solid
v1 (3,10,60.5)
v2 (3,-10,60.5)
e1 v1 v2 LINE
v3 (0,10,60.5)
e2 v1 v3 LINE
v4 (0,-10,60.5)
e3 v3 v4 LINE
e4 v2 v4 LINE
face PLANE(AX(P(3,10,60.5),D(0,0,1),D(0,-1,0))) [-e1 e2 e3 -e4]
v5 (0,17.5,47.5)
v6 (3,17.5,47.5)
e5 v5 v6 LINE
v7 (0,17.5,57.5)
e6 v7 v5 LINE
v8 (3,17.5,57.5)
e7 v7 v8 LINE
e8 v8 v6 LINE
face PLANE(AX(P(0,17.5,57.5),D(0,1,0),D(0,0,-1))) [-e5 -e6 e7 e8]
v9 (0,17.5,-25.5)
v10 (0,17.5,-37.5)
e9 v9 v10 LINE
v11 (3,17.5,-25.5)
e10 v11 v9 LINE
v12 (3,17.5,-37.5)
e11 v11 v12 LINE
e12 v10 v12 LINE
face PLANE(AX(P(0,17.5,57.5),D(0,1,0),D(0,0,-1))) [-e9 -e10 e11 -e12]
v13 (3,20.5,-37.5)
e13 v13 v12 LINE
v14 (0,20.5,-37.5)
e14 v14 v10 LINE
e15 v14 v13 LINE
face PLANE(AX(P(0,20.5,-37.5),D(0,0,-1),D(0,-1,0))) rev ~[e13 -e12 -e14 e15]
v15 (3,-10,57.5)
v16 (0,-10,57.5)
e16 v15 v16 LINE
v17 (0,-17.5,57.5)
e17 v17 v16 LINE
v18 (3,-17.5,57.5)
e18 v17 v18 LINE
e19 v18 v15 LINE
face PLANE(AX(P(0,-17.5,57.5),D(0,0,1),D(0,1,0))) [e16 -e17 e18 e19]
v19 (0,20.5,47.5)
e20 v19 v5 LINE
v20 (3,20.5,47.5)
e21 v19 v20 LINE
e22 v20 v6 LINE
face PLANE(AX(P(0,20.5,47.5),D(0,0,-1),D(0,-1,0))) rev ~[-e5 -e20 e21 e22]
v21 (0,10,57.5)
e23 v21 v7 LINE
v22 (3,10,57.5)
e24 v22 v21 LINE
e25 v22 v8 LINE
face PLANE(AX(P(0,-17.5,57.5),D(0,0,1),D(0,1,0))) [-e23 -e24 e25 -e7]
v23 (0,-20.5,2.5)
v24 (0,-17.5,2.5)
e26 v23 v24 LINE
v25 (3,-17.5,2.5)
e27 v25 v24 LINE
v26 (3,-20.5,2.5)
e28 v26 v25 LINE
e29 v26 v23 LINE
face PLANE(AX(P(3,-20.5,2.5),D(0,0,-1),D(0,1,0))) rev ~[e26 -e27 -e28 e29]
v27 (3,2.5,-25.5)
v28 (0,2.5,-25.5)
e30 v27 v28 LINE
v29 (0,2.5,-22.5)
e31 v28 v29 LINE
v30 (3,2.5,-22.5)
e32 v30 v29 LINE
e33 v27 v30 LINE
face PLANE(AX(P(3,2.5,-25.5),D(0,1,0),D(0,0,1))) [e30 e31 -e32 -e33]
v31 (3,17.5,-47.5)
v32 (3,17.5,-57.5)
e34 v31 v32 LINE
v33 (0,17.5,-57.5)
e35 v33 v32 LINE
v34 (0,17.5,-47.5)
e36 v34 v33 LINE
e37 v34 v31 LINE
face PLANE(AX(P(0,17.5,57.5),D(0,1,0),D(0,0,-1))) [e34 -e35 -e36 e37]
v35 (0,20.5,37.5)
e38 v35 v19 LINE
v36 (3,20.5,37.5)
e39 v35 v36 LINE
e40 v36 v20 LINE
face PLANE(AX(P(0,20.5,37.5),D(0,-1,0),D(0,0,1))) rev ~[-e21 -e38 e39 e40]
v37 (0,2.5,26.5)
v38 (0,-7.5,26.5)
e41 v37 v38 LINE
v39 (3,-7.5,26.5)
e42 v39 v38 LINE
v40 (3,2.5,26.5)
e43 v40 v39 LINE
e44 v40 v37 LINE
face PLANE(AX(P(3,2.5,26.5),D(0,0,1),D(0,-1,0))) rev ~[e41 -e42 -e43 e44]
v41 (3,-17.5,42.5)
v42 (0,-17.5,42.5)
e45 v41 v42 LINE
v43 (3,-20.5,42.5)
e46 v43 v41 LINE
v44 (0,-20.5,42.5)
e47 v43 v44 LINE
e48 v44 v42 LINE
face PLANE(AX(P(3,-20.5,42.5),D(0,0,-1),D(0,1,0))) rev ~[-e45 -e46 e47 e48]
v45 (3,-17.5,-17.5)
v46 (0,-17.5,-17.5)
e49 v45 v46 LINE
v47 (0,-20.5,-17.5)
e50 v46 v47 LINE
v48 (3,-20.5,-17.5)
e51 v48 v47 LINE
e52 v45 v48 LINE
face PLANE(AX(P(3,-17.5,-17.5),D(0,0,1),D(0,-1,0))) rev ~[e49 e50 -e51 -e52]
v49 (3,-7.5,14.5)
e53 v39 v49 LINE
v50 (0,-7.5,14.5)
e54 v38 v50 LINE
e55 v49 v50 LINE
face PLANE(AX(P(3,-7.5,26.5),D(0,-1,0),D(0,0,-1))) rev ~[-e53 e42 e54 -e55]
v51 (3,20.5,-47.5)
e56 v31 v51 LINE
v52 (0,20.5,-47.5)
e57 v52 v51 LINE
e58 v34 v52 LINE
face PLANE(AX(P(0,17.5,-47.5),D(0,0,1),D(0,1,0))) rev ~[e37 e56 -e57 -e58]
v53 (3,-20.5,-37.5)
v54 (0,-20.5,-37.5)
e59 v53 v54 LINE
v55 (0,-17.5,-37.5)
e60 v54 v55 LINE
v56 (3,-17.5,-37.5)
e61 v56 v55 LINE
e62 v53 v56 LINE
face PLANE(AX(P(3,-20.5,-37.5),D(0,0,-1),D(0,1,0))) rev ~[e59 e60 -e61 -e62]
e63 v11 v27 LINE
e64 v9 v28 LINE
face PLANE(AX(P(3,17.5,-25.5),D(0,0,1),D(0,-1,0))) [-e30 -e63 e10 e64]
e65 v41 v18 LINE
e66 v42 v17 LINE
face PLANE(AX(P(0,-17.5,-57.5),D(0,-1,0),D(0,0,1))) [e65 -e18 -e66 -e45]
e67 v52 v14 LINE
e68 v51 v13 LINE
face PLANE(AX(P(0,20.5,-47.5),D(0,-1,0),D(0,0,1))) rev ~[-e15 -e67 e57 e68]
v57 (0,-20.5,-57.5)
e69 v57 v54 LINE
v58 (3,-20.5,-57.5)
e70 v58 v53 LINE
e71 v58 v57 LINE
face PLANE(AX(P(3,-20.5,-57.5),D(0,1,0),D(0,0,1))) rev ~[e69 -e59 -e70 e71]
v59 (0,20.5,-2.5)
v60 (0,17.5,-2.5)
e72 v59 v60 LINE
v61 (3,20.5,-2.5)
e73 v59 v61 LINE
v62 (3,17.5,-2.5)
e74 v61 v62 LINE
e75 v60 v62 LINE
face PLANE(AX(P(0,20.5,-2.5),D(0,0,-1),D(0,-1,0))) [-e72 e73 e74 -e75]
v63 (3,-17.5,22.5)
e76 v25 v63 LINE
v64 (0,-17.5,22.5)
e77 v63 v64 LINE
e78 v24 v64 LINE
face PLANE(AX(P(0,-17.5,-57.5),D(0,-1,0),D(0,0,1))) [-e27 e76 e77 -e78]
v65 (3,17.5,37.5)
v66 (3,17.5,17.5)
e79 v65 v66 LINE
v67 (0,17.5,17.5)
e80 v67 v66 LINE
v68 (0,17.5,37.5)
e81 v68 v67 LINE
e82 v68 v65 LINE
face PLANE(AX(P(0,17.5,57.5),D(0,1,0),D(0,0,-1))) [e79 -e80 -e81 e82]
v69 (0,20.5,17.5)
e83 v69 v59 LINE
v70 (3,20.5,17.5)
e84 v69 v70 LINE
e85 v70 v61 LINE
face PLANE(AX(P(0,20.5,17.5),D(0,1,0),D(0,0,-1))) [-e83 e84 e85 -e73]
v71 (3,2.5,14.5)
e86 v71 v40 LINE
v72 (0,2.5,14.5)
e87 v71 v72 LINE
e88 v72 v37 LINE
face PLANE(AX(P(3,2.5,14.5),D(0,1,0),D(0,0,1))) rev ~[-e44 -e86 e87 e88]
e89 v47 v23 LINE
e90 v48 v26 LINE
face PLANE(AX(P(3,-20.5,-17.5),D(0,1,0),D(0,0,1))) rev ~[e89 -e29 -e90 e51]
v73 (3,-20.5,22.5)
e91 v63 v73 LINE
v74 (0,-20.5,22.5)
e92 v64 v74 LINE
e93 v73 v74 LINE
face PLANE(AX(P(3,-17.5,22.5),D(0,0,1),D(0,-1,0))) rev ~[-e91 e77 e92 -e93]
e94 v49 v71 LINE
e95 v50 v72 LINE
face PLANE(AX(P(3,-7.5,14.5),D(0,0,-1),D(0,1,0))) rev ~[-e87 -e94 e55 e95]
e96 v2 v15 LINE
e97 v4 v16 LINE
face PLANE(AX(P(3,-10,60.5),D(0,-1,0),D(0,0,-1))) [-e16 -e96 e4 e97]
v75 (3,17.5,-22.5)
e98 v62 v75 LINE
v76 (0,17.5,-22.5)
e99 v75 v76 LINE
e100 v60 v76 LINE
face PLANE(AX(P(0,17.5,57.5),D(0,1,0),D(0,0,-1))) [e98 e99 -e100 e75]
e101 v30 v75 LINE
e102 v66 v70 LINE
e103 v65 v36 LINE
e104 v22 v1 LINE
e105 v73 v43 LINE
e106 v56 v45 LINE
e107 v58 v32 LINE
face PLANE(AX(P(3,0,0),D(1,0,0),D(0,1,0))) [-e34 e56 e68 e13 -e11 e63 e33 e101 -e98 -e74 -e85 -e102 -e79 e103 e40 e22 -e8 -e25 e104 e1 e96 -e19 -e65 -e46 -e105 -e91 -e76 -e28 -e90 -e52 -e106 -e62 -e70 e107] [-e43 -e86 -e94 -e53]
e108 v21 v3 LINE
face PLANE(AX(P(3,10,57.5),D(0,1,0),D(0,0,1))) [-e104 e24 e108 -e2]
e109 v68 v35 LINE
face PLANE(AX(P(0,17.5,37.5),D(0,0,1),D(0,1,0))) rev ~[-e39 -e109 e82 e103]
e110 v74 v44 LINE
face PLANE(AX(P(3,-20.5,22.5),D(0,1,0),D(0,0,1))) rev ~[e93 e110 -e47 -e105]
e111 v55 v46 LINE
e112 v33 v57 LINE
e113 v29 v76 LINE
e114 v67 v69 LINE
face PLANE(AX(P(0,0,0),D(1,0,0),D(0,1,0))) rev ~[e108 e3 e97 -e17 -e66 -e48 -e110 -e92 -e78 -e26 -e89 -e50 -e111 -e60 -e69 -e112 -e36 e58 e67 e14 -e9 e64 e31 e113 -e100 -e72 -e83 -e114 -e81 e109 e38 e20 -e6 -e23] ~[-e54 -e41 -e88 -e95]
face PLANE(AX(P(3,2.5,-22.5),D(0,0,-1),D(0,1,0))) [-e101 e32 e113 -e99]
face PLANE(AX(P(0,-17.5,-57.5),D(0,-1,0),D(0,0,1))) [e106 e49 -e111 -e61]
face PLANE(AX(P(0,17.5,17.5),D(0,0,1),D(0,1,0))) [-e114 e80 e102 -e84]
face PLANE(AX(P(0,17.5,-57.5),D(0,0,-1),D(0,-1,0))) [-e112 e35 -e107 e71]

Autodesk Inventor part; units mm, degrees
ref_plane "YZ Plane" through (0, 0, 0) normal (1, 0, 0) x (0, 1, 0)
ref_plane "XZ Plane" through (0, 0, 0) normal (0, 1, 0) x (-1, 0, 0)
ref_plane "XY Plane" through (0, 0, 0) normal (0, 0, 1) x (1, 0, 0)
sketch "Sketch1" plane through (0, 0, 0) normal (1, 0, 0) x (0, 1, 0)
  line L0 (-17.5, 57.5) -> (17.5, 57.5)
  line L1 (17.5, 57.5) -> (17.5, -57.5)
  line L2 (17.5, -57.5) -> (-17.5, -57.5)
  line L3 (-17.5, -57.5) -> (-17.5, 57.5)
  line L4 (-17.5, 57.5) -> (17.5, -57.5) construction
  line L5 (17.5, 57.5) -> (-17.5, -57.5) construction
  point P0 (0, 0)
  dimension "d0" = 35
  dimension "d1" = 115
extrude "Extrusion1" add sketch "Sketch1" along normal blind 3
sketch "Sketch2" plane through (3, 0, 0) normal (1, 0, 0) x (0, 0, -1)
  line L0 (-57.5, -17.5) -> (57.5, -17.5) projected
  line L1 (-42.5, -17.5) -> (-22.5, -17.5)
  line L2 (-22.5, -17.5) -> (-22.5, -20.5)
  line L3 (-22.5, -20.5) -> (-42.5, -20.5)
  line L4 (-42.5, -20.5) -> (-42.5, -17.5)
  line L5 (-57.5, 17.5) -> (-57.5, -17.5) projected
  line L6 (-2.5, -17.5) -> (17.5, -17.5)
  line L7 (17.5, -17.5) -> (17.5, -20.5)
  line L8 (17.5, -20.5) -> (-2.5, -20.5)
  line L9 (-2.5, -20.5) -> (-2.5, -17.5)
  line L10 (37.5, -17.5) -> (57.5, -17.5)
  line L11 (57.5, -17.5) -> (57.5, -20.5)
  line L12 (57.5, -20.5) -> (37.5, -20.5)
  line L13 (37.5, -20.5) -> (37.5, -17.5)
  point P0 (0, 0)
  dimension "d4" = 20
  dimension "d5" = 3
  dimension "d6" = 15
  dimension "d7" = 20
  dimension "d8" = 3
  dimension "d9" = 20
  dimension "d10" = 20
  dimension "d11" = 3
  dimension "d12" = 20
extrude "Extrusion2" add sketch "Sketch2" against normal blind 3
sketch "Sketch3" plane through (3, 0, 0) normal (1, 0, 0) x (0, 0, -1)
  line L0 (-57.5, -17.5) -> (-57.5, 17.5) projected
  line L1 (-57.5, 10) -> (-60.5, 10)
  line L2 (-60.5, 10) -> (-60.5, -10)
  line L3 (-60.5, -10) -> (-57.5, -10)
  line L4 (-57.5, -10) -> (-57.5, 10)
  point P0 (0, 0)
  point P1 (-60.5, 0)
  dimension "d15" = 3
  dimension "d16" = 20
extrude "Extrusion3" add sketch "Sketch3" against normal blind 3
sketch "Sketch4" plane through (3, 0, 0) normal (1, 0, 0) x (0, 0, -1)
  line L0 (-26.5, -7.5) -> (-14.5, -7.5)
  line L1 (-14.5, -7.5) -> (-14.5, 2.5)
  line L2 (-14.5, 2.5) -> (-26.5, 2.5)
  line L3 (-26.5, 2.5) -> (-26.5, -7.5)
  line L4 (-26.5, -7.5) -> (-14.5, 2.5) construction
  line L5 (-14.5, -7.5) -> (-26.5, 2.5) construction
  circle A0 centre (-20.5, -2.5) radius 2 projected
  point P0 (0, 0)
  point P1 (-20.5, -2.5)
  dimension "d19" = 12
  dimension "d20" = 10
extrude "Extrusion4" cut sketch "Sketch4" against normal blind 3 contours L3 L2 L1 L0 | A0
sketch "Sketch5" plane through (3, 0, 0) normal (1, 0, 0) x (0, 0, -1)
  line L0 (-57.5, 17.5) -> (57.5, 17.5) projected
  line L1 (22.5, 17.5) -> (25.5, 17.5)
  line L2 (25.5, 17.5) -> (25.5, 2.5)
  line L3 (25.5, 2.5) -> (22.5, 2.5)
  line L4 (22.5, 2.5) -> (22.5, 17.5)
  line L5 (-57.5, 17.5) -> (-57.5, 10) projected
  point P0 (0, 0)
  dimension "d23" = 3
  dimension "d24" = 15
  dimension "d25" = 80
extrude "Extrusion5" cut sketch "Sketch5" against normal blind 3
sketch "Sketch6" plane through (0, 0, 0) normal (-1, 0, 0) x (0, 0, 1)
  line L0 (-22.5, 17.5) -> (57.5, 17.5) projected
  line L1 (47.5, 17.5) -> (37.5, 17.5)
  line L2 (37.5, 17.5) -> (37.5, 20.5)
  line L3 (37.5, 20.5) -> (47.5, 20.5)
  line L4 (47.5, 20.5) -> (47.5, 17.5)
  line L5 (57.5, 10) -> (57.5, 17.5) projected
  line L6 (-2.5, 17.5) -> (17.5, 17.5)
  line L7 (17.5, 17.5) -> (17.5, 20.5)
  line L8 (17.5, 20.5) -> (-2.5, 20.5)
  line L9 (-2.5, 20.5) -> (-2.5, 17.5)
  line L10 (-25.5, 17.5) -> (-57.5, 17.5) projected
  line L11 (-37.5, 17.5) -> (-47.5, 17.5)
  line L12 (-47.5, 17.5) -> (-47.5, 20.5)
  line L13 (-47.5, 20.5) -> (-37.5, 20.5)
  line L14 (-37.5, 20.5) -> (-37.5, 17.5)
  point P0 (0, 0)
  dimension "d28" = 10
  dimension "d29" = 3
  dimension "d30" = 10
  dimension "d31" = 20
  dimension "d32" = 3
  dimension "d33" = 20
  dimension "d34" = 10
  dimension "d35" = 3
  dimension "d36" = 35
extrude "Extrusion6" add sketch "Sketch6" against normal blind 3
properties part number "Motor support plate"
